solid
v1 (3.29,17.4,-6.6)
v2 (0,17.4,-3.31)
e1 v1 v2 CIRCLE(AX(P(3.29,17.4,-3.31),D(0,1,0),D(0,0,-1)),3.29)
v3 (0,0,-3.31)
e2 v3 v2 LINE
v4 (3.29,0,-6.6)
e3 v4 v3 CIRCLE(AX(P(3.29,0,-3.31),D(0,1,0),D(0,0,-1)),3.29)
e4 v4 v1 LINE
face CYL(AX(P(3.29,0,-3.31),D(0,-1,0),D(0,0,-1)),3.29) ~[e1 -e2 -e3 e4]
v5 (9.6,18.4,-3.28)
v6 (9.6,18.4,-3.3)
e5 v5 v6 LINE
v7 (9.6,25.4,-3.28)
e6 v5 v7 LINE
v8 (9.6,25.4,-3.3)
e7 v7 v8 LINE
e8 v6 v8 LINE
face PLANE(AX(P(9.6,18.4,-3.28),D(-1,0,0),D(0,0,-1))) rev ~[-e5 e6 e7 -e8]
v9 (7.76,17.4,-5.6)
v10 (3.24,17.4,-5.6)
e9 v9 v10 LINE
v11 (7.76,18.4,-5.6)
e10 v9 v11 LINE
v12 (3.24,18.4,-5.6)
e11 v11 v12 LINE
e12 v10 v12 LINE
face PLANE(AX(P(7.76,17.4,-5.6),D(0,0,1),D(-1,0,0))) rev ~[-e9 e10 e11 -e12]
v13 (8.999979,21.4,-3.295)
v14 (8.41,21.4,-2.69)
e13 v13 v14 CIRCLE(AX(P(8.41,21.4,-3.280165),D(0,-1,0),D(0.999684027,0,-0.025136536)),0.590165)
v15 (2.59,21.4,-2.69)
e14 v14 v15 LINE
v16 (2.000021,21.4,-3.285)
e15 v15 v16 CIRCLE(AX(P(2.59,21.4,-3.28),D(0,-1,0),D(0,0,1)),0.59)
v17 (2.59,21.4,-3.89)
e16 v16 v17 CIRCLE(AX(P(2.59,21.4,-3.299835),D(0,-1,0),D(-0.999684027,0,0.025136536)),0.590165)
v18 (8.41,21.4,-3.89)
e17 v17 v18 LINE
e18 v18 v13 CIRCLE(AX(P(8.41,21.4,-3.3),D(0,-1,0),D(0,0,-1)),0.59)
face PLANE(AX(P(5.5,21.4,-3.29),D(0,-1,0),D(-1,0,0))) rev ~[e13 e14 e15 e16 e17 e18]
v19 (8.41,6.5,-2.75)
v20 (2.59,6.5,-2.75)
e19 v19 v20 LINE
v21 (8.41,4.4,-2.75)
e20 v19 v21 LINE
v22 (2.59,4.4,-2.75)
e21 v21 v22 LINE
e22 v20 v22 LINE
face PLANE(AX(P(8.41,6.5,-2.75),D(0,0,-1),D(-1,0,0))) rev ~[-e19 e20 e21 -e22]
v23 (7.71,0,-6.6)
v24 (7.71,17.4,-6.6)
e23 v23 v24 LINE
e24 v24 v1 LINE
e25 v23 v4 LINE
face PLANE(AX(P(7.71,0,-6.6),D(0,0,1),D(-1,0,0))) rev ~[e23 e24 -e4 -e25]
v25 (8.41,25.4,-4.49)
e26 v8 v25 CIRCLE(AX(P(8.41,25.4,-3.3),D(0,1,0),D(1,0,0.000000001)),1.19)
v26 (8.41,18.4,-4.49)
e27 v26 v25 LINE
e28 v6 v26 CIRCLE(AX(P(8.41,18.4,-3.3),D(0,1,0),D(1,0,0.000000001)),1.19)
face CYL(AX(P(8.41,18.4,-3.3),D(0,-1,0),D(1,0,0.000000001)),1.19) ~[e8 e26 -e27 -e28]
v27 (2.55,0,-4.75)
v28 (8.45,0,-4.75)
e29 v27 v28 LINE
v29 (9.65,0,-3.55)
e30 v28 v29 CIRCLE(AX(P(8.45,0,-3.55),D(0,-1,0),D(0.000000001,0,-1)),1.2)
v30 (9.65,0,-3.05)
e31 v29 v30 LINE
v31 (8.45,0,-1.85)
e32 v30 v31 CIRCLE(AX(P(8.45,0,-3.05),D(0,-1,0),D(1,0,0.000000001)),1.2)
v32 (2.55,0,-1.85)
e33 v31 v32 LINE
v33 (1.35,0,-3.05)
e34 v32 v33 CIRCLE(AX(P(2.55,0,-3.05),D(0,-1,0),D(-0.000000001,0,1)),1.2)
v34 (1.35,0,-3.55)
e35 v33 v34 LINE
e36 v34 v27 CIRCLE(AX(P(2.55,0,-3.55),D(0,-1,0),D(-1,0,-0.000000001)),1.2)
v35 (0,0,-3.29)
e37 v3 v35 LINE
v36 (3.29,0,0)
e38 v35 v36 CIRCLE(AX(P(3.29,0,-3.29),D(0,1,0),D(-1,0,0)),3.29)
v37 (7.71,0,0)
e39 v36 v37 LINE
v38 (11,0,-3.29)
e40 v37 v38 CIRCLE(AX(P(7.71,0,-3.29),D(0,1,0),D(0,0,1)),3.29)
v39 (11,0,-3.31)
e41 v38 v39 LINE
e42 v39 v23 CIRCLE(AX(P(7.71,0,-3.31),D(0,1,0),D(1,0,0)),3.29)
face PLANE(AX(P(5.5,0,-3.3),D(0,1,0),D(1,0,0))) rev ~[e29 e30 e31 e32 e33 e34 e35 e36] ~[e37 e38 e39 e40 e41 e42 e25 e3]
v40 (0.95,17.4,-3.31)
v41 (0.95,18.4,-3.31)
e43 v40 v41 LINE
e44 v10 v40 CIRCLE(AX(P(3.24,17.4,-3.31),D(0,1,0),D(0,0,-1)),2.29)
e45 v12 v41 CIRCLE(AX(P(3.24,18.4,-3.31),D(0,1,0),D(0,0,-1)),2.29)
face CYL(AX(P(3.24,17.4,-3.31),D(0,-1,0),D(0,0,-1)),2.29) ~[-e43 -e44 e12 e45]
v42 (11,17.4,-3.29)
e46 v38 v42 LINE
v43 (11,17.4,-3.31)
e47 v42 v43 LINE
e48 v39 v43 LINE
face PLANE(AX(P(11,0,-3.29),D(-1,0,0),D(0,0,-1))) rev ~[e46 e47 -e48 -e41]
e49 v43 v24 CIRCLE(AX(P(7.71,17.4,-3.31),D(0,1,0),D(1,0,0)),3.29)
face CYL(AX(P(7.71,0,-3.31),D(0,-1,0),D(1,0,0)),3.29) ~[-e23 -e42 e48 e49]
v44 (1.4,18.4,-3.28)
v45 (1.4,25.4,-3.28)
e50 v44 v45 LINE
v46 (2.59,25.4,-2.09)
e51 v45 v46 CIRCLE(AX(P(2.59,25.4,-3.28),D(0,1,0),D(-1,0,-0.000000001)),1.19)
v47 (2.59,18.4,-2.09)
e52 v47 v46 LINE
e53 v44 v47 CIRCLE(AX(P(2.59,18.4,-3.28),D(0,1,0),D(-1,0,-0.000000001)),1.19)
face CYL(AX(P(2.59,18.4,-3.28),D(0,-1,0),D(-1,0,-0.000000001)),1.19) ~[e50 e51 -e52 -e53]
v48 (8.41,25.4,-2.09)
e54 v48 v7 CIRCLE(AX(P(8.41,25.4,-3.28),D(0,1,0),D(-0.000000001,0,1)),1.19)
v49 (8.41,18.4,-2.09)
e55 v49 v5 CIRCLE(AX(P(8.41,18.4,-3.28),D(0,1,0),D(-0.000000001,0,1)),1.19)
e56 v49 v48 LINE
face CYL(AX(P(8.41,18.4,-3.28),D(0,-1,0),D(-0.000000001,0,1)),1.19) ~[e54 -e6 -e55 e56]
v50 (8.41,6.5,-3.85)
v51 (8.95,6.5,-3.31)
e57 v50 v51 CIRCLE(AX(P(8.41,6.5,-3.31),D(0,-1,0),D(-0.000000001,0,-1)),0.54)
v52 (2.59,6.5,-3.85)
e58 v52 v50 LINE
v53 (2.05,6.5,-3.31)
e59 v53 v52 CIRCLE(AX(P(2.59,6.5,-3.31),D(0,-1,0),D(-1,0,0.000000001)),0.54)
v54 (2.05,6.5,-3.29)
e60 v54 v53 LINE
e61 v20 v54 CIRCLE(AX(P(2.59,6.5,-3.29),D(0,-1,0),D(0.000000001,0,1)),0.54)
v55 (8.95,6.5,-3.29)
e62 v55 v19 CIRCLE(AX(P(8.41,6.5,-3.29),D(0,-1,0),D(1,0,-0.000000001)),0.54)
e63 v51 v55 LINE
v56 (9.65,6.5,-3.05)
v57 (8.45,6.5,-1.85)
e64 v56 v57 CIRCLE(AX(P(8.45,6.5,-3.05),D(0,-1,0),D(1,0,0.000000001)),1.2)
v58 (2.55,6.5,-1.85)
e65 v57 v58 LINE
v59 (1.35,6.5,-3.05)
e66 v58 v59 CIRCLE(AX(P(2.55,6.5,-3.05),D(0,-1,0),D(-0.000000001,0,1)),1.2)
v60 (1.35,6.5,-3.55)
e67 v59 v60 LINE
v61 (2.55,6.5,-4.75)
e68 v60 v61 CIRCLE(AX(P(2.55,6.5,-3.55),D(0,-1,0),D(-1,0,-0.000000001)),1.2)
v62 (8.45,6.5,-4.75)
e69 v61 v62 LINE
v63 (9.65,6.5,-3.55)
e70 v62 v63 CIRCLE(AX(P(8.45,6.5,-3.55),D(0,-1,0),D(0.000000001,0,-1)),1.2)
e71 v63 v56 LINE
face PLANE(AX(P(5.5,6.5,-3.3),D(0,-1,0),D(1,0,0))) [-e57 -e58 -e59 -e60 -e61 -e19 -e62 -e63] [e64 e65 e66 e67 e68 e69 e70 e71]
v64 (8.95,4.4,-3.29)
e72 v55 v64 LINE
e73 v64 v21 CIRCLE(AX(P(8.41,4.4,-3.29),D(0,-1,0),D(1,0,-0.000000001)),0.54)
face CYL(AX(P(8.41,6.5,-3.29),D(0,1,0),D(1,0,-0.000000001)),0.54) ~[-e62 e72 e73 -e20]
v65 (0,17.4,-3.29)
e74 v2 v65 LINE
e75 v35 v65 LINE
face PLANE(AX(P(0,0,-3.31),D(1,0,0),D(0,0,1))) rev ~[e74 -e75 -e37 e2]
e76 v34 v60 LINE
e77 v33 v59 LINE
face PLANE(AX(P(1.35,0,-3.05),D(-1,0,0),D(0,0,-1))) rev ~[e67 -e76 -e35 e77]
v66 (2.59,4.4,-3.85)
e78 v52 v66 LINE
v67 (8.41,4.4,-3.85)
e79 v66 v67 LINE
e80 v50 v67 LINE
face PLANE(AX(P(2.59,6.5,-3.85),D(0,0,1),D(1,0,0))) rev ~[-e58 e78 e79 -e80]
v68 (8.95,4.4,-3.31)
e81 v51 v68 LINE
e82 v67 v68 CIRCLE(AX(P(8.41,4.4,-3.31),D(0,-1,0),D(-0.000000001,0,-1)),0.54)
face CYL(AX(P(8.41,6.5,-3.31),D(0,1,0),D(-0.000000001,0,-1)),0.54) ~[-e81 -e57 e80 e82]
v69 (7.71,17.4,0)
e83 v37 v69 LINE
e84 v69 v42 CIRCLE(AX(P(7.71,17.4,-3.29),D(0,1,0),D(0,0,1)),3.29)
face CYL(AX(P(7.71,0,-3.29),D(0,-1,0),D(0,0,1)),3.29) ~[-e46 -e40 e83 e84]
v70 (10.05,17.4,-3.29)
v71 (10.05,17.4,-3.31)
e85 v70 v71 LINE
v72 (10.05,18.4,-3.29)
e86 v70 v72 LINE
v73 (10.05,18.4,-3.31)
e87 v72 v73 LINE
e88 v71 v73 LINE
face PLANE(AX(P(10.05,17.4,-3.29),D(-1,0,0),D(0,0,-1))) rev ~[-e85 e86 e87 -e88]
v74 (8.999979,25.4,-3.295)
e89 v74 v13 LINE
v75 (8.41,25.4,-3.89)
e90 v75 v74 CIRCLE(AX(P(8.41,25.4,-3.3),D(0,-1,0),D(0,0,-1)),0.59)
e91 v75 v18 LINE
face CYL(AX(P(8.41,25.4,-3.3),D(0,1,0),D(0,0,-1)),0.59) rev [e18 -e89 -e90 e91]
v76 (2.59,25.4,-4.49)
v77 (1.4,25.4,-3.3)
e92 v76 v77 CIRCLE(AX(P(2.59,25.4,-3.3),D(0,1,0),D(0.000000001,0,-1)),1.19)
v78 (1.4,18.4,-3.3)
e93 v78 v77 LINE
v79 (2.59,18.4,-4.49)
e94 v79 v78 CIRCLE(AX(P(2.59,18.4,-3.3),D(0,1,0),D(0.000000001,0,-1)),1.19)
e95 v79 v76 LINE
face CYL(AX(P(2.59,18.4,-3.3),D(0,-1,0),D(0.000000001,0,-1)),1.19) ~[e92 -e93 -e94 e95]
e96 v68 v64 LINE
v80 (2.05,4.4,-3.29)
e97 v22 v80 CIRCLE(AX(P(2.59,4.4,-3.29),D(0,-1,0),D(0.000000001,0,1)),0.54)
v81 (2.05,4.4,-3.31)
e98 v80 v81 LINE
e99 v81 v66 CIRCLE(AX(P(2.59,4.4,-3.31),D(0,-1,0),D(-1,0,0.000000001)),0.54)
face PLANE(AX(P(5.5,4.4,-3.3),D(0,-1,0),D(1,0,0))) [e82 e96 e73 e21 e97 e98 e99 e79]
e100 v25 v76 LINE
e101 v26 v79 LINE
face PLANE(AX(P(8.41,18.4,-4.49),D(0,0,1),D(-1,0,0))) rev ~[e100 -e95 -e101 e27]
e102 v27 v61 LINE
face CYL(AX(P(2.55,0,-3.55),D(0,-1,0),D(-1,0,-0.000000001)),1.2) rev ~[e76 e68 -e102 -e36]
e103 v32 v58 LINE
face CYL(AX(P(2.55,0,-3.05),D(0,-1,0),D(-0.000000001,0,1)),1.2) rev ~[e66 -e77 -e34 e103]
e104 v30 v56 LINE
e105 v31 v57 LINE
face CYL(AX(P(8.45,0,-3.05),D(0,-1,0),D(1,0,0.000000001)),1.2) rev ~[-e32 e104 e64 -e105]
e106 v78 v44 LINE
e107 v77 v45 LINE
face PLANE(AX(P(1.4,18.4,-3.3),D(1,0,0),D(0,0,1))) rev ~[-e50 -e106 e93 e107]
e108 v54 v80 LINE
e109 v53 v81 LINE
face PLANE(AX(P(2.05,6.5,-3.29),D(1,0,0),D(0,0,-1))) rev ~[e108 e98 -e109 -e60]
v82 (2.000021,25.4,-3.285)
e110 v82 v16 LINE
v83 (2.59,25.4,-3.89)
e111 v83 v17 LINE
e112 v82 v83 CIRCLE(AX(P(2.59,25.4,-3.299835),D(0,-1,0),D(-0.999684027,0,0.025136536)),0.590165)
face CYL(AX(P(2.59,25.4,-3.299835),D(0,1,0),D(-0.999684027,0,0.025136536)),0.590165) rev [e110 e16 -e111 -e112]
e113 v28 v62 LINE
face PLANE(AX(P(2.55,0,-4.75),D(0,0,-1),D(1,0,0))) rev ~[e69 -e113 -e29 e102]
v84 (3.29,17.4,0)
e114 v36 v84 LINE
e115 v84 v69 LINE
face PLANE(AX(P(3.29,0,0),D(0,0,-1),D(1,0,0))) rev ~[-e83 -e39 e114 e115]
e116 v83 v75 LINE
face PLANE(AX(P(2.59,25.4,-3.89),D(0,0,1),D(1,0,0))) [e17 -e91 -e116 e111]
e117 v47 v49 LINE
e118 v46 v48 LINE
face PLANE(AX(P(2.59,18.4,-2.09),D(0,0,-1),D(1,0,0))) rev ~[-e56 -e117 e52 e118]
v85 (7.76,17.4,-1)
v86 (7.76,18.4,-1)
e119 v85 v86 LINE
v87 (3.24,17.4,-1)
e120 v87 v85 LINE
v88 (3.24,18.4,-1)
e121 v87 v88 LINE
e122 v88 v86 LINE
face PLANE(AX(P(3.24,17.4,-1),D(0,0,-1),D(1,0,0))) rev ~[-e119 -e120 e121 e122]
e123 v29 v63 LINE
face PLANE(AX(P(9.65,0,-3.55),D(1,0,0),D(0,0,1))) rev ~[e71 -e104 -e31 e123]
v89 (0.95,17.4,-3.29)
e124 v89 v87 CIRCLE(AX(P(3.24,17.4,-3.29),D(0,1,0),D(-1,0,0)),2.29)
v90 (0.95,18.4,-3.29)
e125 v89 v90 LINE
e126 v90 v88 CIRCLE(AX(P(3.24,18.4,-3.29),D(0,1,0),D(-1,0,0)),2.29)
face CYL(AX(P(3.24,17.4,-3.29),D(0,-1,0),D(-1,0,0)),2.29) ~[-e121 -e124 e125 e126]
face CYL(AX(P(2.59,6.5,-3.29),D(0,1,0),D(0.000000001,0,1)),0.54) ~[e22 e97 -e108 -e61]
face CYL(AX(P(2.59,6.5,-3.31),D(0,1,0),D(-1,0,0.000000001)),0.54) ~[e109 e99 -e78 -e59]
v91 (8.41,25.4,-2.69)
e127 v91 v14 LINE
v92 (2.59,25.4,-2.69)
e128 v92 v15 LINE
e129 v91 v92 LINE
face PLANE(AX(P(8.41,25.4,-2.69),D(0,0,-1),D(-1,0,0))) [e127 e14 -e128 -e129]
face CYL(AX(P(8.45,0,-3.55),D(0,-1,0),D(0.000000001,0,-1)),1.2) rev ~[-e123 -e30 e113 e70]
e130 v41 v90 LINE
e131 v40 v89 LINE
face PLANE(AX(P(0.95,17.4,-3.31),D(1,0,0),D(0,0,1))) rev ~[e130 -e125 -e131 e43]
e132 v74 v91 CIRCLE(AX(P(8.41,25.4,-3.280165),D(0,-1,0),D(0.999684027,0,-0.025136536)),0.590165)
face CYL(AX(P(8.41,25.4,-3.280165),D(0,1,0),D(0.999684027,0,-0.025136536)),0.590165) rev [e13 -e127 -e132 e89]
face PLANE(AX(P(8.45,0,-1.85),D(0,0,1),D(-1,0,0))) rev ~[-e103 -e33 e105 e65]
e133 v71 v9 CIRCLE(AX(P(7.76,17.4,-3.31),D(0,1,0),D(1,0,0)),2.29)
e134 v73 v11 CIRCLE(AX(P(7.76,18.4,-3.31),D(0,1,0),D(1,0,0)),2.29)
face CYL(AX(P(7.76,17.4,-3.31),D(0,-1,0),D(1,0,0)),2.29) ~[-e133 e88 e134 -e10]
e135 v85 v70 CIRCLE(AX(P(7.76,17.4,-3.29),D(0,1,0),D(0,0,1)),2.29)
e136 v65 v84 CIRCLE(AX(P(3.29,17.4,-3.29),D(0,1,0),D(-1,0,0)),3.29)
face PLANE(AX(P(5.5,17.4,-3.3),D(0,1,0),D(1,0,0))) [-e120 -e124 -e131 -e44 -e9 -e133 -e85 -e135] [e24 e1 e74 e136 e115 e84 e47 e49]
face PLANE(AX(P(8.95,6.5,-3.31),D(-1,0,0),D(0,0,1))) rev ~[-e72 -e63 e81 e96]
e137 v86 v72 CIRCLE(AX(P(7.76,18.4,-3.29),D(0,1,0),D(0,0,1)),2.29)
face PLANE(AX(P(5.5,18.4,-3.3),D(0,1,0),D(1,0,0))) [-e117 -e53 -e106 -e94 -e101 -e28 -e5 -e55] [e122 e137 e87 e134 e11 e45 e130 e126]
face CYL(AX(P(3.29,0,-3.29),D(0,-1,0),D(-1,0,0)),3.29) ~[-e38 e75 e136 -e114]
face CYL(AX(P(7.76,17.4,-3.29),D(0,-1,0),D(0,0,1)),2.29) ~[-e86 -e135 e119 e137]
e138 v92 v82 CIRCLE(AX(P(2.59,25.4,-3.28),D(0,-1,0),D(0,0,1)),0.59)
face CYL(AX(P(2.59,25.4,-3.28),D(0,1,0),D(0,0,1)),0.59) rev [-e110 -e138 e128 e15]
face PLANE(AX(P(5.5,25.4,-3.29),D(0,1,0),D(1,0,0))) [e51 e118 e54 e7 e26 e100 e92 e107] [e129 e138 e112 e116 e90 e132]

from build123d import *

# Parameters (mm, degrees)
BOSS_EXTRUDE1_DEPTH = 17.4
BOSS_EXTRUDE2_DEPTH = 1
BOSS_EXTRUDE3_DEPTH = 7
CUT_EXTRUDE1_DEPTH  = 4
CUT_EXTRUDE2_DEPTH  = 6.5
BOSS_EXTRUDE4_DEPTH = 2.1


with BuildPart() as part:
    # Sketch1 → Boss-Extrude1 (new body)
    with BuildSketch(Plane(origin=(0, 0, 0), x_dir=(1, 0, 0), z_dir=(0, 1, 0))):
        with BuildLine():
            Line((3.29, 0), (7.71, 0))
            ThreePointArc((7.71, 0), (10.03638131, 0.96361869), (11, 3.29))
            Line((11, 3.29), (11, 3.31))
            ThreePointArc((11, 3.31), (10.03638131, 5.63638131), (7.71, 6.6))
            Line((7.71, 6.6), (3.29, 6.6))
            ThreePointArc((3.29, 6.6), (0.96361869, 5.63638131), (0, 3.31))
            Line((0, 3.31), (0, 3.29))
            ThreePointArc((0, 3.29), (0.96361869, 0.96361869), (3.29, 0))
        make_face()
    extrude(amount=BOSS_EXTRUDE1_DEPTH)

    # Sketch2 → Boss-Extrude2 (add)
    with BuildSketch(Plane(origin=(0, 17.4, 0), x_dir=(1, 0, 0), z_dir=(0, 1, 0))):
        with BuildLine():
            Line((3.24, 1), (7.76, 1))
            ThreePointArc((7.76, 1), (9.379274529, 1.670725471), (10.05, 3.29))
            Line((10.05, 3.29), (10.05, 3.31))
            ThreePointArc((10.05, 3.31), (9.379274529, 4.929274529), (7.76, 5.6))
            Line((7.76, 5.6), (3.24, 5.6))
            ThreePointArc((3.24, 5.6), (1.620725471, 4.929274529), (0.95, 3.31))
            Line((0.95, 3.31), (0.95, 3.29))
            ThreePointArc((0.95, 3.29), (1.620725471, 1.670725471), (3.24, 1))
        make_face()
    extrude(amount=BOSS_EXTRUDE2_DEPTH)

    # Sketch3 → Boss-Extrude3 (add)
    with BuildSketch(Plane(origin=(0, 18.4, 0), x_dir=(1, 0, 0), z_dir=(0, 1, 0))):
        with BuildLine():
            Line((2.59, 2.09), (8.41, 2.09))
            ThreePointArc((8.41, 2.09), (9.25145707, 2.43854293), (9.6, 3.28))
            Line((9.6, 3.28), (9.6, 3.3))
            ThreePointArc((9.6, 3.3), (9.25145707, 4.14145707), (8.41, 4.49))
            Line((8.41, 4.49), (2.59, 4.49))
            ThreePointArc((2.59, 4.49), (1.74854293, 4.14145707), (1.4, 3.3))
            Line((1.4, 3.3), (1.4, 3.28))
            ThreePointArc((1.4, 3.28), (1.74854293, 2.43854293), (2.59, 2.09))
        make_face()
    extrude(amount=BOSS_EXTRUDE3_DEPTH)

    # Sketch4 → Cut-Extrude1 (cut)
    with BuildSketch(Plane(origin=(0, 25.4, 0), x_dir=(1, 0, 0), z_dir=(0, 1, 0))):
        with BuildLine():
            Line((2.59, 3.89), (8.41, 3.89))
            ThreePointArc((8.41, 3.89), (8.828957038, 3.715421473), (8.999978813, 3.295))
            ThreePointArc((8.999978813, 3.295), (8.832522189, 2.868133654), (8.41, 2.69))
            Line((8.41, 2.69), (2.59, 2.69))
            ThreePointArc((2.59, 2.69), (2.171042962, 2.864578527), (2.000021187, 3.285))
            ThreePointArc((2.000021187, 3.285), (2.167477811, 3.711866346), (2.59, 3.89))
        make_face()
    extrude(amount=-CUT_EXTRUDE1_DEPTH, mode=Mode.SUBTRACT)

    # Sketch5 → Cut-Extrude2 (cut)
    with BuildSketch(Plane.XZ):
        with BuildLine():
            Line((2.55, -4.75), (8.45, -4.75))
            ThreePointArc((8.45, -4.75), (9.298528137, -4.398528137), (9.65, -3.55))
            Line((9.65, -3.55), (9.65, -3.05))
            ThreePointArc((9.65, -3.05), (9.298528137, -2.201471863), (8.45, -1.85))
            Line((8.45, -1.85), (2.55, -1.85))
            ThreePointArc((2.55, -1.85), (1.701471863, -2.201471863), (1.35, -3.05))
            Line((1.35, -3.05), (1.35, -3.55))
            ThreePointArc((1.35, -3.55), (1.701471863, -4.398528137), (2.55, -4.75))
        make_face()
    extrude(amount=-CUT_EXTRUDE2_DEPTH, mode=Mode.SUBTRACT)

    # Sketch6 → Boss-Extrude4 (add)
    with BuildSketch(Plane.XZ.offset(-6.5)):
        with BuildLine():
            Line((2.59, -3.85), (8.41, -3.85))
            ThreePointArc((8.41, -3.85), (8.791837662, -3.691837662), (8.95, -3.31))
            Line((8.95, -3.31), (8.95, -3.29))
            ThreePointArc((8.95, -3.29), (8.791837662, -2.908162338), (8.41, -2.75))
            Line((8.41, -2.75), (2.59, -2.75))
            ThreePointArc((2.59, -2.75), (2.208162338, -2.908162338), (2.05, -3.29))
            Line((2.05, -3.29), (2.05, -3.31))
            ThreePointArc((2.05, -3.31), (2.208162338, -3.691837662), (2.59, -3.85))
        make_face()
    extrude(amount=BOSS_EXTRUDE4_DEPTH)


solid = part.part
